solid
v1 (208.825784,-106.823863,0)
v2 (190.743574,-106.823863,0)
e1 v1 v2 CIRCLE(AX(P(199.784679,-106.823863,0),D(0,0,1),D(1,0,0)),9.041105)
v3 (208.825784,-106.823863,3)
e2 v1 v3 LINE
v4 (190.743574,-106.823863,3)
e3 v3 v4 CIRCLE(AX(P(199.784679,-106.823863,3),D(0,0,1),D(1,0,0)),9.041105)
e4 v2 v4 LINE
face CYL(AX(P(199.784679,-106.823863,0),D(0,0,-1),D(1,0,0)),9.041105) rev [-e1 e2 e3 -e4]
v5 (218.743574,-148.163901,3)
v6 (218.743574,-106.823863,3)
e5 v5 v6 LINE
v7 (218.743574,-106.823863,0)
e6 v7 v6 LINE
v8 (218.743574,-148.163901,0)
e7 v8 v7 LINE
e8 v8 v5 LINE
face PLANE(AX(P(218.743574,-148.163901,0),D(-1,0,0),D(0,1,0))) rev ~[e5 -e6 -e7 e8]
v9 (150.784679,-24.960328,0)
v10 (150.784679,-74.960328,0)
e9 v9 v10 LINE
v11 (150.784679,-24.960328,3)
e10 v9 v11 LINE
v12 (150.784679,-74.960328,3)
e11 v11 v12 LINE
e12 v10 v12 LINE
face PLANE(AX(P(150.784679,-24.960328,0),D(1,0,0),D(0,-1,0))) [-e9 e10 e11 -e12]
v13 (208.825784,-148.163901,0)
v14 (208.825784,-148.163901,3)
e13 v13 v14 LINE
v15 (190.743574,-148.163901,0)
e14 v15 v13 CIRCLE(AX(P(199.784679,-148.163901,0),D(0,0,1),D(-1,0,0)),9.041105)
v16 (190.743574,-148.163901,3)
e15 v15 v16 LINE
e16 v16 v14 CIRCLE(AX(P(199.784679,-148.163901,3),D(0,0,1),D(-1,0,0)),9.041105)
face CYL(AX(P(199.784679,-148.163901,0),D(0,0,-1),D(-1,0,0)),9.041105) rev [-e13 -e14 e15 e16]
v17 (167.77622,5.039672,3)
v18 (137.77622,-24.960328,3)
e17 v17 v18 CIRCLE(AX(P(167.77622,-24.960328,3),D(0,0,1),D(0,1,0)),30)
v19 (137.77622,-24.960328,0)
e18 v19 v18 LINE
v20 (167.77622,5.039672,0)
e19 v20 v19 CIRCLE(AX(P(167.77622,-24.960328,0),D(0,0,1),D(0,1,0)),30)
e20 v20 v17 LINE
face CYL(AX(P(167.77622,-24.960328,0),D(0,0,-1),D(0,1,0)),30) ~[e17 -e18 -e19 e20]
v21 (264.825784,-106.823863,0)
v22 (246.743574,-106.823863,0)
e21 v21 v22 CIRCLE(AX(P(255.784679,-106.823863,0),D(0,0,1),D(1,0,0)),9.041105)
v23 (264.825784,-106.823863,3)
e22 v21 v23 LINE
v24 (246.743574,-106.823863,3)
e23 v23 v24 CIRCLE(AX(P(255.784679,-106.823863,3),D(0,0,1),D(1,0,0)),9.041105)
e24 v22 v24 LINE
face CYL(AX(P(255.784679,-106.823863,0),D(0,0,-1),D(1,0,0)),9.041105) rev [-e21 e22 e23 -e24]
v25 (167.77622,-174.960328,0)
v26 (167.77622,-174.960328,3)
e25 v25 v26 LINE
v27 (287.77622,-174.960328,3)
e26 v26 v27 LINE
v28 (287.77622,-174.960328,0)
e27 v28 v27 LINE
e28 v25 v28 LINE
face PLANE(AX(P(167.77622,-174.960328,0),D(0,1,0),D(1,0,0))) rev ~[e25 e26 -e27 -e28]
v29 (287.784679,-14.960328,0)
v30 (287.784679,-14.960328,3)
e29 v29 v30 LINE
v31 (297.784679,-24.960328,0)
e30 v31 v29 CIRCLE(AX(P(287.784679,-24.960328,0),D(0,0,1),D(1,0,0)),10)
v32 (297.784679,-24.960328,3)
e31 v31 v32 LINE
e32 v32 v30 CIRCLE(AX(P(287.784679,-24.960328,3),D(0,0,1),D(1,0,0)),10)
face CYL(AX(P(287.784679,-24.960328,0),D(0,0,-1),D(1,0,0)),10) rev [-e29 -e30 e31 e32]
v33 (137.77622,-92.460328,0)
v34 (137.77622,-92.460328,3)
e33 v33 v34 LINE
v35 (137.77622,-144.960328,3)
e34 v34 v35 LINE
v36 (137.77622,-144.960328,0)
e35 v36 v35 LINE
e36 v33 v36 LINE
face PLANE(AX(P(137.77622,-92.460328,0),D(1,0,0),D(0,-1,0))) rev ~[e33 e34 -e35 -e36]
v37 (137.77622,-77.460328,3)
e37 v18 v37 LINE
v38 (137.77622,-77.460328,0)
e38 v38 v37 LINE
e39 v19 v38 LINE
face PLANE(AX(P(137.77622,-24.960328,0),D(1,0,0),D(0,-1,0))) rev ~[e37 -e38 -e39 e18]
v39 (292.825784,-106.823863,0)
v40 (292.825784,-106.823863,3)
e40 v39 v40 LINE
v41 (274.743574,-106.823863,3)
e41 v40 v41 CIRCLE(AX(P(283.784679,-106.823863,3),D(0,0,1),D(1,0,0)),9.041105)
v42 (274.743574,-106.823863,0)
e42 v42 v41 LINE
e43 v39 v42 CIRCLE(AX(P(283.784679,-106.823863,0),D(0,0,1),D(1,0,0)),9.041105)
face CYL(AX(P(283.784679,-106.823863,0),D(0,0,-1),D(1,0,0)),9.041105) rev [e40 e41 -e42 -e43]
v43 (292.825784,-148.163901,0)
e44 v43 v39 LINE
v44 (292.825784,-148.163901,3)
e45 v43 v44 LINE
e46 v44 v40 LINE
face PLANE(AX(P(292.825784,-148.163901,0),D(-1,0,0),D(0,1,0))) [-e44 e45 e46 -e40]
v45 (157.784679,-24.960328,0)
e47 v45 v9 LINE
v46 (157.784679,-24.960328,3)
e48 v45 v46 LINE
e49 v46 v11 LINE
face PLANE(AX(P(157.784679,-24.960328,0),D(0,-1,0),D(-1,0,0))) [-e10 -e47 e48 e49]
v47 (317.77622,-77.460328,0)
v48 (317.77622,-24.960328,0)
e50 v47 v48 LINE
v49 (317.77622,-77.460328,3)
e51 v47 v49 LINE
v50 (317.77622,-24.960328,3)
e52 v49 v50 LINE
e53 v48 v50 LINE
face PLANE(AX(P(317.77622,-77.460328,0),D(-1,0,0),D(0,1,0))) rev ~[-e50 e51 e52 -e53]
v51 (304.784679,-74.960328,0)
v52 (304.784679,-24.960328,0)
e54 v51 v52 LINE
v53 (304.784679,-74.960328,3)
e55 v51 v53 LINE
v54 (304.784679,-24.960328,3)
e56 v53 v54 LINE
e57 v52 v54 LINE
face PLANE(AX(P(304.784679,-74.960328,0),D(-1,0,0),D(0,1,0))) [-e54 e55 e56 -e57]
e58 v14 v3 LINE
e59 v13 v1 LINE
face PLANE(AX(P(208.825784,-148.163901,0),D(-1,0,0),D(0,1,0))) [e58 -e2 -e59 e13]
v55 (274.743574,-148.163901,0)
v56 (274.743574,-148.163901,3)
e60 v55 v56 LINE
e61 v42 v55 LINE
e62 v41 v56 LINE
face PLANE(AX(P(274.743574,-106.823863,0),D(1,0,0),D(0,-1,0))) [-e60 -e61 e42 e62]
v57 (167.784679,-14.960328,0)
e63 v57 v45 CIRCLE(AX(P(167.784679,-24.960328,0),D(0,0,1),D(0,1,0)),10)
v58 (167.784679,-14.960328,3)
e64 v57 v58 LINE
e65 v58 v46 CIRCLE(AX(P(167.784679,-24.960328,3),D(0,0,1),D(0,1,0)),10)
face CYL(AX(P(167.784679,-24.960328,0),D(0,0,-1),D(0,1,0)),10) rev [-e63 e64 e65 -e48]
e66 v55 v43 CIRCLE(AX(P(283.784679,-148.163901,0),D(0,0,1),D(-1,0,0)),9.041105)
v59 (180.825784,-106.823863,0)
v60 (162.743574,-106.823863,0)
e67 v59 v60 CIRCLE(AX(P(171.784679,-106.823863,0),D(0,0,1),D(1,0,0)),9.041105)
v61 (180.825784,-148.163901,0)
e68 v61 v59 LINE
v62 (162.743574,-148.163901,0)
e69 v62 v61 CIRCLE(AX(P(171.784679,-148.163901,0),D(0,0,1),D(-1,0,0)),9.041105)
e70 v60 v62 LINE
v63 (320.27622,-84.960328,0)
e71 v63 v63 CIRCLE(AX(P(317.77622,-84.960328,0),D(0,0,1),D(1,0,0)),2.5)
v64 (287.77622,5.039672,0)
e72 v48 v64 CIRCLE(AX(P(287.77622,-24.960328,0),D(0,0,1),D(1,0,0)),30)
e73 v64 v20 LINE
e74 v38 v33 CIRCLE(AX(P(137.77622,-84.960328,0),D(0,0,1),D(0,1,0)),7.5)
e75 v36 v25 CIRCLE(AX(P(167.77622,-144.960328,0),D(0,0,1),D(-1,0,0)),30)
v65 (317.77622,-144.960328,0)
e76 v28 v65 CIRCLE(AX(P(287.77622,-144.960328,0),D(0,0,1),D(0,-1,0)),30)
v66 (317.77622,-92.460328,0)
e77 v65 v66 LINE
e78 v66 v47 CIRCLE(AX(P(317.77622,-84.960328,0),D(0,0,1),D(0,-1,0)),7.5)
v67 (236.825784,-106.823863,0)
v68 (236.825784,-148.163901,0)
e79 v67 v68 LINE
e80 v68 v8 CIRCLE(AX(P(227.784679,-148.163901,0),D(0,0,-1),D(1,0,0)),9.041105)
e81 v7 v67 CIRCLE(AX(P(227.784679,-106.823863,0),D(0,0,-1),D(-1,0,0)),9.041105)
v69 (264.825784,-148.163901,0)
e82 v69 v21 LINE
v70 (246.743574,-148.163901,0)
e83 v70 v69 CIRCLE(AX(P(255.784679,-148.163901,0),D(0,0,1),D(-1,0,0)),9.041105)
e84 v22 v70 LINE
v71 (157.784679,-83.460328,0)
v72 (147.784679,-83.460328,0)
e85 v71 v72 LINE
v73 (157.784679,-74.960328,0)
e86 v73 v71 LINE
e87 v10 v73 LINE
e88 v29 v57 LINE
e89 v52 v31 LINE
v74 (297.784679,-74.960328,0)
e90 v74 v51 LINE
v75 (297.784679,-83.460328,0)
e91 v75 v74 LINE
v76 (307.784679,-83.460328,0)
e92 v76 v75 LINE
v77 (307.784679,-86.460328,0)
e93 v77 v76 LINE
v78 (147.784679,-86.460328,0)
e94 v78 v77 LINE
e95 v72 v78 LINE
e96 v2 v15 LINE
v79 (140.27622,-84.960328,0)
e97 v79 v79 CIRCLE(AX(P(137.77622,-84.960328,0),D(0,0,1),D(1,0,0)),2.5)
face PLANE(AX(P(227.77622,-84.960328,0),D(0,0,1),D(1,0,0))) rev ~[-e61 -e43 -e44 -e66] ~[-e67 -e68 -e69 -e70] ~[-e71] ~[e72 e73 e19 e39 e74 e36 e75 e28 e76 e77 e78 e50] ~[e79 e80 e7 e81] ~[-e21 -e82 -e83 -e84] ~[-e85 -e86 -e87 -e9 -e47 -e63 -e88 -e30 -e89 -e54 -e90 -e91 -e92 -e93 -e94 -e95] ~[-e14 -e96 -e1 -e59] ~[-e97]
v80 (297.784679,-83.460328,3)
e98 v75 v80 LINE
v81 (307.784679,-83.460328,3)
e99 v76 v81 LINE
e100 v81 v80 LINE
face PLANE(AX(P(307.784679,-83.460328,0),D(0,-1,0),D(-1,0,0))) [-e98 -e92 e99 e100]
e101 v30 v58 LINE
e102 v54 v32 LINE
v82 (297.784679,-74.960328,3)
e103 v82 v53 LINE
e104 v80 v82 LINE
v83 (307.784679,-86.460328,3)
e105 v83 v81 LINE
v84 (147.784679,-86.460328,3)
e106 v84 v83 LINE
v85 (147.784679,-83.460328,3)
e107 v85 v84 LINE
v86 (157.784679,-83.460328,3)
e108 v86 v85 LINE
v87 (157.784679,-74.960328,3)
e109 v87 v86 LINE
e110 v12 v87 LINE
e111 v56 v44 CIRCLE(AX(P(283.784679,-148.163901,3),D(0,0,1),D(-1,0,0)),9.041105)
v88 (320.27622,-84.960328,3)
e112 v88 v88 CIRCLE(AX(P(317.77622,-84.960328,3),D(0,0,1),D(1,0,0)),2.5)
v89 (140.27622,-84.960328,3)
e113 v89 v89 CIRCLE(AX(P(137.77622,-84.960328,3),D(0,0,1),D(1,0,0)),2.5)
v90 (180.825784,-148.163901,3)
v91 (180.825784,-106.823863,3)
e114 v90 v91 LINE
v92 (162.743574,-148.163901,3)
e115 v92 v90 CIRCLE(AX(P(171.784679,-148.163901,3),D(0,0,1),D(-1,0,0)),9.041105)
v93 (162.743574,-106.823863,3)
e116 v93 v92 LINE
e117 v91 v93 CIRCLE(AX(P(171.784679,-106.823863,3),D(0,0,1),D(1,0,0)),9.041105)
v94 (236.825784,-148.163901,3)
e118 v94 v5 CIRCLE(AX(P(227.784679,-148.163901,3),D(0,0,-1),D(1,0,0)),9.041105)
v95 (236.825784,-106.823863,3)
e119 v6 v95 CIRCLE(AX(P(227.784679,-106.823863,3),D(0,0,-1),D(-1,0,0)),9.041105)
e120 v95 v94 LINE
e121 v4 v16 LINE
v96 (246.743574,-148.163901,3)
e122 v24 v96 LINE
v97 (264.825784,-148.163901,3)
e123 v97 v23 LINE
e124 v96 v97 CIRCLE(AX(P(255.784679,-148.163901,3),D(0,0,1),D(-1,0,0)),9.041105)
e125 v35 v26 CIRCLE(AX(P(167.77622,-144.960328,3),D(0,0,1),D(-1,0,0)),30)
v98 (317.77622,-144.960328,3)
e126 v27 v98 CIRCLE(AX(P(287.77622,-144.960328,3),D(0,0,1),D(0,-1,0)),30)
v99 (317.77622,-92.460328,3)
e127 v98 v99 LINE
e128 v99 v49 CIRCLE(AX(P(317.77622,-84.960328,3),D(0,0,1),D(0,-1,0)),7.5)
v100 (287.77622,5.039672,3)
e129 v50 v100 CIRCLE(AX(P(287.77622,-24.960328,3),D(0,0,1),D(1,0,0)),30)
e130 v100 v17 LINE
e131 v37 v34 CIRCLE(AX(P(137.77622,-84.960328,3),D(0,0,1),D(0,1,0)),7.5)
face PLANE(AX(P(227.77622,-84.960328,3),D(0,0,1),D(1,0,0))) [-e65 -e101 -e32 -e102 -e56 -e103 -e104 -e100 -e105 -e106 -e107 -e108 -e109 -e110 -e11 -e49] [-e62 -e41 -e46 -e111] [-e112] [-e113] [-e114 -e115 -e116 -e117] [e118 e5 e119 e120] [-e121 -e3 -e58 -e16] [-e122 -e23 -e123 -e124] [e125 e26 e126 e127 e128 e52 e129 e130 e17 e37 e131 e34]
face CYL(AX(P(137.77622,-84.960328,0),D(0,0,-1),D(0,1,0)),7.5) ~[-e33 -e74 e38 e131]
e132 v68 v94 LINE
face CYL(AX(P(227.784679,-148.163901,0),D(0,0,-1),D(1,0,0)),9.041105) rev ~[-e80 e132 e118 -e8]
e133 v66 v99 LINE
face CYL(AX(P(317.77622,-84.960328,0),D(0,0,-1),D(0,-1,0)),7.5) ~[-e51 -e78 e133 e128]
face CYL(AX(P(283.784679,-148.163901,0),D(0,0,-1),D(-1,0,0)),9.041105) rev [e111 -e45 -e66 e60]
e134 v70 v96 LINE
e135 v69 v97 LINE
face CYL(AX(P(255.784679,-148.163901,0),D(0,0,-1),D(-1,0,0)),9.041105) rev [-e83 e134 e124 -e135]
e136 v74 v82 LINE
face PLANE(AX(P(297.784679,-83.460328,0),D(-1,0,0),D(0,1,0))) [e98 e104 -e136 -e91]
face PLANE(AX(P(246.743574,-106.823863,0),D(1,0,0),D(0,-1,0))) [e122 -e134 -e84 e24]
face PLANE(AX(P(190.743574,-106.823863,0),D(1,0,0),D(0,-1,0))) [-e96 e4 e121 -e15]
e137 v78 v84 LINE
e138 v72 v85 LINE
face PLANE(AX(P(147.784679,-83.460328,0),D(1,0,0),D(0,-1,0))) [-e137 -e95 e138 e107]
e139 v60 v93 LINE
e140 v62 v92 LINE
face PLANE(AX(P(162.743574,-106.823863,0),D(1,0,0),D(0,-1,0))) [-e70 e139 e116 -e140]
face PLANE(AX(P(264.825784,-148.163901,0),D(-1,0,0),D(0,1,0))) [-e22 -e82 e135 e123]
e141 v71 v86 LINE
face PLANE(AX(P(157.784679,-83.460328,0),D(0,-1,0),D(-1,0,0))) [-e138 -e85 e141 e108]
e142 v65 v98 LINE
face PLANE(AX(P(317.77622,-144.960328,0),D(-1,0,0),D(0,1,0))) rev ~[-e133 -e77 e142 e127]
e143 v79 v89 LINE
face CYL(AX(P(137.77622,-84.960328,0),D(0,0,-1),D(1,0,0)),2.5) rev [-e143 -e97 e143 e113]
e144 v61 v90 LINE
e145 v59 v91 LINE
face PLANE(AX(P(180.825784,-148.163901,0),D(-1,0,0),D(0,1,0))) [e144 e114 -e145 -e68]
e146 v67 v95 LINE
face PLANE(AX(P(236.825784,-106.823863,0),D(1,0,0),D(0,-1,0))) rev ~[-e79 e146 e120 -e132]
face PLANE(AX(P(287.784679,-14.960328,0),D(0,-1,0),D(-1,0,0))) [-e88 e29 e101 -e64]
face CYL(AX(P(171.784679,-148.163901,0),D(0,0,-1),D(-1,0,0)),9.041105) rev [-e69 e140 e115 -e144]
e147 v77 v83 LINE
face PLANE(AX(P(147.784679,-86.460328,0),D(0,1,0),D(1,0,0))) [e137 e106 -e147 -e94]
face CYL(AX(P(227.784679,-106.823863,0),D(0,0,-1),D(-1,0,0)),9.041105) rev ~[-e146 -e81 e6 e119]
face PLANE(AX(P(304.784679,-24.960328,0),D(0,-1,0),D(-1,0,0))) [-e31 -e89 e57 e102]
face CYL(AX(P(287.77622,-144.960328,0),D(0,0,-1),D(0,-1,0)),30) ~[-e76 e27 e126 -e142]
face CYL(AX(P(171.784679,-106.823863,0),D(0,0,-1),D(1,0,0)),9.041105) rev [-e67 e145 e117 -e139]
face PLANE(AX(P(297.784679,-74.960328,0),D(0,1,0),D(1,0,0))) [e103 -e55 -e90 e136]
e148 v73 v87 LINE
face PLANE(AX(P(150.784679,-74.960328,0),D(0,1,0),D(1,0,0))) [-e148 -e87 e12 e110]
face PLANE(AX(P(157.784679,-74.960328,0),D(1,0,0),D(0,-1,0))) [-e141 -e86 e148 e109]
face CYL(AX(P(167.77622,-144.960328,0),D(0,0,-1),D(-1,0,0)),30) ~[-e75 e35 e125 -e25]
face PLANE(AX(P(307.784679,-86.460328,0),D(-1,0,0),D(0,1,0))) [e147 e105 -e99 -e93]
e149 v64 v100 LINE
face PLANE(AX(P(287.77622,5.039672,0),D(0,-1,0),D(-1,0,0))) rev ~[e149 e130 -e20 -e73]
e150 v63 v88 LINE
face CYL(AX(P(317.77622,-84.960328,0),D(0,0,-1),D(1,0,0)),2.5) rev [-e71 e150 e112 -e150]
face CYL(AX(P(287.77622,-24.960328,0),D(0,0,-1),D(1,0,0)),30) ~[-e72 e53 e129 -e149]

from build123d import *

# Parameters (mm, degrees)
SKETCH1_R           = 2.5
BOSS_EXTRUDE1_DEPTH = 3


with BuildPart() as part:
    # Sketch1 → Boss-Extrude1 (new body)
    with BuildSketch(Plane.XY):
        with BuildLine():
            Line((167.77621964, -174.96032759), (287.77621964, -174.96032759))
            ThreePointArc((287.77621964, -174.96032759), (308.989423075, -166.173531026), (317.77621964, -144.96032759))
            Line((317.77621964, -144.96032759), (317.77621964, -92.46032759))
            ThreePointArc((317.77621964, -92.46032759), (325.27621964, -84.96032759), (317.77621964, -77.46032759))
            Line((317.77621964, -77.46032759), (317.77621964, -24.96032759))
            ThreePointArc((317.77621964, -24.96032759), (308.989423075, -3.747124154), (287.77621964, 5.03967241))
            Line((287.77621964, 5.03967241), (167.77621964, 5.03967241))
            ThreePointArc((167.77621964, 5.03967241), (146.563016204, -3.747124154), (137.77621964, -24.96032759))
            Line((137.77621964, -24.96032759), (137.77621964, -77.46032759))
            ThreePointArc((137.77621964, -77.46032759), (130.27621964, -84.96032759), (137.77621964, -92.46032759))
            Line((137.77621964, -92.46032759), (137.77621964, -144.96032759))
            ThreePointArc((137.77621964, -144.96032759), (146.563016204, -166.173531026), (167.77621964, -174.96032759))
        make_face()
        with Locations((317.77621964, -84.96032759)):
            Circle(SKETCH1_R, mode=Mode.SUBTRACT)
        with Locations((137.77621964, -84.96032759)):
            Circle(SKETCH1_R, mode=Mode.SUBTRACT)
        with BuildLine():
            Line((226.284678956, -14.96032759), (167.784678956, -14.96032759))
            ThreePointArc((167.784678956, -14.96032759), (160.713611144, -17.889259778), (157.784678956, -24.96032759))
            Line((157.784678956, -24.96032759), (150.784678956, -24.96032759))
            Line((150.784678956, -24.96032759), (150.784678956, -74.96032759))
            Line((150.784678956, -74.96032759), (157.784678956, -74.96032759))
            Line((157.784678956, -74.96032759), (157.784678956, -83.46032759))
            Line((157.784678956, -83.46032759), (147.784678956, -83.46032759))
            Line((147.784678956, -83.46032759), (147.784678956, -86.46032759))
            Line((147.784678956, -86.46032759), (157.784678956, -86.46032759))
            Line((157.784678956, -86.46032759), (297.784678956, -86.46032759))
            Line((297.784678956, -86.46032759), (307.784678956, -86.46032759))
            Line((307.784678956, -86.46032759), (307.784678956, -83.46032759))
            Line((307.784678956, -83.46032759), (297.784678956, -83.46032759))
            Line((297.784678956, -83.46032759), (297.784678956, -74.96032759))
            Line((297.784678956, -74.96032759), (304.784678956, -74.96032759))
            Line((304.784678956, -74.96032759), (304.784678956, -24.96032759))
            Line((304.784678956, -24.96032759), (297.784678956, -24.96032759))
            ThreePointArc((297.784678956, -24.96032759), (294.855746768, -17.889259778), (287.784678956, -14.96032759))
            Line((287.784678956, -14.96032759), (229.284678956, -14.96032759))
            Line((229.284678956, -14.96032759), (226.284678956, -14.96032759))
        make_face(mode=Mode.SUBTRACT)
        with BuildLine():
            Line((246.743573739, -106.823862957), (246.743573739, -148.163900951))
            ThreePointArc((246.743573739, -148.163900951), (255.784678956, -157.205006168), (264.825784173, -148.163900951))
            Line((264.825784173, -148.163900951), (264.825784173, -106.823862957))
            ThreePointArc((264.825784173, -106.823862957), (255.784678956, -97.78275774), (246.743573739, -106.823862957))
        make_face(mode=Mode.SUBTRACT)
        with BuildLine():
            Line((236.825784173, -106.823862957), (236.825784173, -148.163900951))
            ThreePointArc((236.825784173, -148.163900951), (227.784678956, -157.205006168), (218.743573739, -148.163900951))
            Line((218.743573739, -148.163900951), (218.743573739, -106.823862957))
            ThreePointArc((218.743573739, -106.823862957), (227.784678956, -97.78275774), (236.825784173, -106.823862957))
        make_face(mode=Mode.SUBTRACT)
        with BuildLine():
            Line((274.743573739, -106.823862957), (274.743573739, -148.163900951))
            ThreePointArc((274.743573739, -148.163900951), (283.784678956, -157.205006168), (292.825784173, -148.163900951))
            Line((292.825784173, -148.163900951), (292.825784173, -106.823862957))
            ThreePointArc((292.825784173, -106.823862957), (283.784678956, -97.78275774), (274.743573739, -106.823862957))
        make_face(mode=Mode.SUBTRACT)
        with BuildLine():
            Line((190.743573739, -106.823862957), (190.743573739, -148.163900951))
            ThreePointArc((190.743573739, -148.163900951), (199.784678956, -157.205006168), (208.825784173, -148.163900951))
            Line((208.825784173, -148.163900951), (208.825784173, -106.823862957))
            ThreePointArc((208.825784173, -106.823862957), (199.784678956, -97.78275774), (190.743573739, -106.823862957))
        make_face(mode=Mode.SUBTRACT)
        with BuildLine():
            Line((162.743573739, -106.823862957), (162.743573739, -148.163900951))
            ThreePointArc((162.743573739, -148.163900951), (171.784678956, -157.205006168), (180.825784173, -148.163900951))
            Line((180.825784173, -148.163900951), (180.825784173, -106.823862957))
            ThreePointArc((180.825784173, -106.823862957), (171.784678956, -97.78275774), (162.743573739, -106.823862957))
        make_face(mode=Mode.SUBTRACT)
    extrude(amount=BOSS_EXTRUDE1_DEPTH)


solid = part.part
